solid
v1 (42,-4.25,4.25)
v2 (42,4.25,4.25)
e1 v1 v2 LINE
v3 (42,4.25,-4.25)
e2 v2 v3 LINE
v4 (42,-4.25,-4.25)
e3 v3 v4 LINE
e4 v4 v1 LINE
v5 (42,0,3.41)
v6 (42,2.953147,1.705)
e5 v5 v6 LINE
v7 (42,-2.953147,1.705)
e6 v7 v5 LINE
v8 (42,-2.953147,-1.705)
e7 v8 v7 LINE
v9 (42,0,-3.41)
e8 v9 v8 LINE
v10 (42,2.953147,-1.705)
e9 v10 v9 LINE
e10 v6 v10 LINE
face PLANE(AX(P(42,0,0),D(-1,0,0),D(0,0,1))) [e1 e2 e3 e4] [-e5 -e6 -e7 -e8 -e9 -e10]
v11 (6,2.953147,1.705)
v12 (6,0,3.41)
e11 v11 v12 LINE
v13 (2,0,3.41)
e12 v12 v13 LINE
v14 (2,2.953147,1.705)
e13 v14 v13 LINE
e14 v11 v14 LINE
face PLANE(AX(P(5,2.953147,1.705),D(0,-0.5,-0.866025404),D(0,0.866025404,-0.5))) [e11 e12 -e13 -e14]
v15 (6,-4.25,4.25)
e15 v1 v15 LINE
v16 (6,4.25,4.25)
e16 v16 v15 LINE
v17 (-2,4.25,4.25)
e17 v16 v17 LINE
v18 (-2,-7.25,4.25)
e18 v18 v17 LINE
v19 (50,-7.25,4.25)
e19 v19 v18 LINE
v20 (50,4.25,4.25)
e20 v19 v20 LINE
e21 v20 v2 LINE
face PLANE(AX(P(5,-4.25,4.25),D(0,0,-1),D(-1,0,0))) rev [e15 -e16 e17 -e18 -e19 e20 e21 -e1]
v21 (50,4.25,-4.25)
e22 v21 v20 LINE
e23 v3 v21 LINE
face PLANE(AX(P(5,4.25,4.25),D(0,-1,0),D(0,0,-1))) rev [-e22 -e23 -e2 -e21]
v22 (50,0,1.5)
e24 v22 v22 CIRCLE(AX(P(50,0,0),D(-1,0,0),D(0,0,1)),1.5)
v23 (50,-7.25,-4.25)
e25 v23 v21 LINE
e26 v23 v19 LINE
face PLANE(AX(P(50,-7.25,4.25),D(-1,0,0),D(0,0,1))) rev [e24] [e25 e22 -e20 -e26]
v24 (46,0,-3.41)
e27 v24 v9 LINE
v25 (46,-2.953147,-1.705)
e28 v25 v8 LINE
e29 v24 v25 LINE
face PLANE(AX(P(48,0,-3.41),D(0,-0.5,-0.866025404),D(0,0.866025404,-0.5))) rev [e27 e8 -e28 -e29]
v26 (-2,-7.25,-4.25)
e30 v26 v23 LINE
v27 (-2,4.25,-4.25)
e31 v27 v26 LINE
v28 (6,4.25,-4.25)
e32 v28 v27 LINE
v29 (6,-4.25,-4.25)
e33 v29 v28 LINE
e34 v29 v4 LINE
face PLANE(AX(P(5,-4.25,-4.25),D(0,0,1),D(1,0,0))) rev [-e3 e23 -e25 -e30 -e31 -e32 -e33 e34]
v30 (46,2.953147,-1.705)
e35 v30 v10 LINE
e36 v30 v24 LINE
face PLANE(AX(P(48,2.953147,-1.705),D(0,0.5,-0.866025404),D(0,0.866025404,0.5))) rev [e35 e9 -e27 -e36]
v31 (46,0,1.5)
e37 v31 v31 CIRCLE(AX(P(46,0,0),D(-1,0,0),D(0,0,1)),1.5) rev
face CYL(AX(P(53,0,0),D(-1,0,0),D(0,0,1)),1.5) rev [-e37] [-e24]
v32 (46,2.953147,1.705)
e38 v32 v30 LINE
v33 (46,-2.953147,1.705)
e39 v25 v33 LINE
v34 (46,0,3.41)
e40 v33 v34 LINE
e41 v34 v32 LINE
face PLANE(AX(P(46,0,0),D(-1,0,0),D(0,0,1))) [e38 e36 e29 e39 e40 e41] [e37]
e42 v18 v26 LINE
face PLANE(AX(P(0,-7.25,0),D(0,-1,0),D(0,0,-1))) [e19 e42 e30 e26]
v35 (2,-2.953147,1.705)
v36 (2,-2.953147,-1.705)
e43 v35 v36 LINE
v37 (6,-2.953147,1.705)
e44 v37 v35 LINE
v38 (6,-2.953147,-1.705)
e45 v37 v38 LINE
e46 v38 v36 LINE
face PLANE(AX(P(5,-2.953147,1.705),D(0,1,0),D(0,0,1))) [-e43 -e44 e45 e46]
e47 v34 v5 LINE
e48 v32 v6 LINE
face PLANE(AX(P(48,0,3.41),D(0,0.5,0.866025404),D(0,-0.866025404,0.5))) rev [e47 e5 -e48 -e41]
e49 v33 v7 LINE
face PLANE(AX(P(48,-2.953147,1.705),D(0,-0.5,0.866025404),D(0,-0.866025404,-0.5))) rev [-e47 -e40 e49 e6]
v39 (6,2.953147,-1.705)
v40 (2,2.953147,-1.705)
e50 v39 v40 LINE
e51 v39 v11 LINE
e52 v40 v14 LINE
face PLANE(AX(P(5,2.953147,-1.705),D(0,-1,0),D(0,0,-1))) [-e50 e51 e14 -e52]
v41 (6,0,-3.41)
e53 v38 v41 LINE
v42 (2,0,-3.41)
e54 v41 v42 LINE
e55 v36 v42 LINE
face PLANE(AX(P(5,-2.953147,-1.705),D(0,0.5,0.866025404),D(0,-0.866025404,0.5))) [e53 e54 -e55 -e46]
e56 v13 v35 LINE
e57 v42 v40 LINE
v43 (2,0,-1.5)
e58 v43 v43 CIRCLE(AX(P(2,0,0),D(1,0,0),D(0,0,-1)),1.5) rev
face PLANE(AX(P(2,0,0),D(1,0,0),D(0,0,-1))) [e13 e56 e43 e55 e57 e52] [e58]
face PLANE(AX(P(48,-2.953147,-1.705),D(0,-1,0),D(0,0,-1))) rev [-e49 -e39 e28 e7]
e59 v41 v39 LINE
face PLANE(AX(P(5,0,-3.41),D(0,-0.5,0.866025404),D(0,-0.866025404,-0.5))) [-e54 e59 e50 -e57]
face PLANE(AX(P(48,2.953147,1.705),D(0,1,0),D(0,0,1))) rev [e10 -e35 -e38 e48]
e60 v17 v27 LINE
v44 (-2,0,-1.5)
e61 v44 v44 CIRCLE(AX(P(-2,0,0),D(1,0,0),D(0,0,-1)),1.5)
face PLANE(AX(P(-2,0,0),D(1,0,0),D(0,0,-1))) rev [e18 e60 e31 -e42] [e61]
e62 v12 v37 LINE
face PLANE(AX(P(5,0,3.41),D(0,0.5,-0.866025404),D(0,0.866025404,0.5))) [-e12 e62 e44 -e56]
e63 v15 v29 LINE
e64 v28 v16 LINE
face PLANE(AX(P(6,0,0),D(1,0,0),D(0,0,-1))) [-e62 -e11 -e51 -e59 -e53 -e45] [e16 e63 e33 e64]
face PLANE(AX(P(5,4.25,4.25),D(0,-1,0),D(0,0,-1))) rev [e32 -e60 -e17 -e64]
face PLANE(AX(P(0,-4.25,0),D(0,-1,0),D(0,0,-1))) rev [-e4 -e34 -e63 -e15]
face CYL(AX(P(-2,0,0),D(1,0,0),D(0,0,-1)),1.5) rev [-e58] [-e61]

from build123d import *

# Parameters (mm, degrees)
SKETCH1_W           = 8.5
SKETCH1_H           = 8.5
BOSS_EXTRUDE1_DEPTH = 5
SKETCH2_W           = 8.5
SKETCH2_H           = 8.5
BOSS_EXTRUDE2_DEPTH = 2
SKETCH3_R           = 1.5
CUT_EXTRUDE1_DEPTH  = 2
SKETCH4_W           = 52
SKETCH4_H           = 8.5
BOSS_EXTRUDE3_DEPTH = 3
SKETCH5_W           = 7
SKETCH5_H           = 8.5
BOSS_EXTRUDE4_DEPTH = 8.5
CUT_EXTRUDE2_DEPTH  = 5
SKETCH7_R           = 1.5
CUT_EXTRUDE3_DEPTH  = 5
SKETCH8_R           = 1.5
BOSS_EXTRUDE5_DEPTH = 2.5
SKETCH9_R           = 1.5
BOSS_EXTRUDE6_DEPTH = 2.5
SKETCH10_W          = 8.5
SKETCH10_H          = 8.5
BOSS_EXTRUDE7_DEPTH = 1
SKETCH11_W          = 8.5
SKETCH11_H          = 8.5
BOSS_EXTRUDE8_DEPTH = 1
CUT_EXTRUDE4_DEPTH  = 0.5
CUT_EXTRUDE5_DEPTH  = 0.5


with BuildPart() as part:
    # Sketch1 → Boss-Extrude1 (new body)
    with BuildSketch(Plane(origin=(0, 0, 0), x_dir=(0, 0, -1), z_dir=(1, 0, 0))):
        Rectangle(SKETCH1_W, SKETCH1_H)
        Polygon((1.705, 2.953146627), (-1.705, 2.953146627), (-3.41, 0), (-1.705, -2.953146627), (1.705, -2.953146627), (3.41, 0), align=None, mode=Mode.SUBTRACT)
    extrude(amount=BOSS_EXTRUDE1_DEPTH)

    # Sketch2 → Boss-Extrude2 (add)
    with BuildSketch(Plane.ZY):
        Rectangle(SKETCH2_W, SKETCH2_H)
    extrude(amount=BOSS_EXTRUDE2_DEPTH)

    # Sketch3 → Cut-Extrude1 (cut)
    with BuildSketch(Plane(origin=(0, 0, 0), x_dir=(0, 0, -1), z_dir=(1, 0, 0))):
        Circle(SKETCH3_R)
    extrude(amount=-CUT_EXTRUDE1_DEPTH, mode=Mode.SUBTRACT)

    # Sketch4 → Boss-Extrude3 (add)
    with BuildSketch(Plane.XZ.offset(4.25)):
        with Locations((24, 0)):
            Rectangle(SKETCH4_W, SKETCH4_H)
    extrude(amount=BOSS_EXTRUDE3_DEPTH)

    # Sketch5 → Boss-Extrude4 (add)
    with BuildSketch(Plane(origin=(0, -4.25, 0), x_dir=(1, 0, 0), z_dir=(0, 1, 0))):
        with Locations((46.5, 0)):
            Rectangle(SKETCH5_W, SKETCH5_H)
    extrude(amount=BOSS_EXTRUDE4_DEPTH)

    # Sketch6 → Cut-Extrude2 (cut)
    with BuildSketch(Plane.ZY.offset(-43)):
        Polygon((3.41, 0), (1.705, 2.953146627), (-1.705, 2.953146627), (-3.41, 0), (-1.705, -2.953146627), (1.705, -2.953146627), align=None)
    extrude(amount=-CUT_EXTRUDE2_DEPTH, mode=Mode.SUBTRACT)

    # Sketch7 → Cut-Extrude3 (cut)
    with BuildSketch(Plane.ZY.offset(-48)):
        Circle(SKETCH7_R)
    extrude(amount=-CUT_EXTRUDE3_DEPTH, mode=Mode.SUBTRACT)

    # Sketch8 → Boss-Extrude5 (add)
    with BuildSketch(Plane(origin=(0, 0, 0), x_dir=(0, 0, -1), z_dir=(1, 0, 0))):
        Polygon((-1.705, 2.953146627), (-3.41, 0), (-1.705, -2.953146627), (1.705, -2.953146627), (3.41, 0), (1.705, 2.953146627), align=None)
        Circle(SKETCH8_R, mode=Mode.SUBTRACT)
    extrude(amount=BOSS_EXTRUDE5_DEPTH)

    # Sketch9 → Boss-Extrude6 (add)
    with BuildSketch(Plane.ZY.offset(-48)):
        Polygon((3.41, 0), (1.705, 2.953146627), (-1.705, 2.953146627), (-3.41, 0), (-1.705, -2.953146627), (1.705, -2.953146627), align=None)
        Circle(SKETCH9_R, mode=Mode.SUBTRACT)
    extrude(amount=BOSS_EXTRUDE6_DEPTH)

    # Sketch10 → Boss-Extrude7 (add)
    with BuildSketch(Plane(origin=(5, 0, 0), x_dir=(0, 0, -1), z_dir=(1, 0, 0))):
        Rectangle(SKETCH10_W, SKETCH10_H)
        Polygon((3.41, 0), (1.705, 2.953146627), (-1.705, 2.953146627), (-3.41, 0), (-1.705, -2.953146627), (1.705, -2.953146627), align=None, mode=Mode.SUBTRACT)
    extrude(amount=BOSS_EXTRUDE7_DEPTH)

    # Sketch11 → Boss-Extrude8 (add)
    with BuildSketch(Plane.ZY.offset(-43)):
        Rectangle(SKETCH11_W, SKETCH11_H)
        Polygon((-3.41, 0), (-1.705, -2.953146627), (1.705, -2.953146627), (3.41, 0), (1.705, 2.953146627), (-1.705, 2.953146627), align=None, mode=Mode.SUBTRACT)
    extrude(amount=BOSS_EXTRUDE8_DEPTH)

    # Sketch12 → Cut-Extrude4 (cut)
    with BuildSketch(Plane(origin=(2.5, 0, 0), x_dir=(0, 0, -1), z_dir=(1, 0, 0))):
        Polygon((1.705, -2.953146627), (3.41, 0), (1.705, 2.953146627), (-1.705, 2.953146627), (-3.41, 0), (-1.705, -2.953146627), align=None)
    extrude(amount=-CUT_EXTRUDE4_DEPTH, mode=Mode.SUBTRACT)

    # Sketch13 → Cut-Extrude5 (cut)
    with BuildSketch(Plane.ZY.offset(-45.5)):
        Polygon((1.705, 2.953146627), (-1.705, 2.953146627), (-3.41, 0), (-1.705, -2.953146627), (1.705, -2.953146627), (3.41, 0), align=None)
    extrude(amount=-CUT_EXTRUDE5_DEPTH, mode=Mode.SUBTRACT)


solid = part.part
